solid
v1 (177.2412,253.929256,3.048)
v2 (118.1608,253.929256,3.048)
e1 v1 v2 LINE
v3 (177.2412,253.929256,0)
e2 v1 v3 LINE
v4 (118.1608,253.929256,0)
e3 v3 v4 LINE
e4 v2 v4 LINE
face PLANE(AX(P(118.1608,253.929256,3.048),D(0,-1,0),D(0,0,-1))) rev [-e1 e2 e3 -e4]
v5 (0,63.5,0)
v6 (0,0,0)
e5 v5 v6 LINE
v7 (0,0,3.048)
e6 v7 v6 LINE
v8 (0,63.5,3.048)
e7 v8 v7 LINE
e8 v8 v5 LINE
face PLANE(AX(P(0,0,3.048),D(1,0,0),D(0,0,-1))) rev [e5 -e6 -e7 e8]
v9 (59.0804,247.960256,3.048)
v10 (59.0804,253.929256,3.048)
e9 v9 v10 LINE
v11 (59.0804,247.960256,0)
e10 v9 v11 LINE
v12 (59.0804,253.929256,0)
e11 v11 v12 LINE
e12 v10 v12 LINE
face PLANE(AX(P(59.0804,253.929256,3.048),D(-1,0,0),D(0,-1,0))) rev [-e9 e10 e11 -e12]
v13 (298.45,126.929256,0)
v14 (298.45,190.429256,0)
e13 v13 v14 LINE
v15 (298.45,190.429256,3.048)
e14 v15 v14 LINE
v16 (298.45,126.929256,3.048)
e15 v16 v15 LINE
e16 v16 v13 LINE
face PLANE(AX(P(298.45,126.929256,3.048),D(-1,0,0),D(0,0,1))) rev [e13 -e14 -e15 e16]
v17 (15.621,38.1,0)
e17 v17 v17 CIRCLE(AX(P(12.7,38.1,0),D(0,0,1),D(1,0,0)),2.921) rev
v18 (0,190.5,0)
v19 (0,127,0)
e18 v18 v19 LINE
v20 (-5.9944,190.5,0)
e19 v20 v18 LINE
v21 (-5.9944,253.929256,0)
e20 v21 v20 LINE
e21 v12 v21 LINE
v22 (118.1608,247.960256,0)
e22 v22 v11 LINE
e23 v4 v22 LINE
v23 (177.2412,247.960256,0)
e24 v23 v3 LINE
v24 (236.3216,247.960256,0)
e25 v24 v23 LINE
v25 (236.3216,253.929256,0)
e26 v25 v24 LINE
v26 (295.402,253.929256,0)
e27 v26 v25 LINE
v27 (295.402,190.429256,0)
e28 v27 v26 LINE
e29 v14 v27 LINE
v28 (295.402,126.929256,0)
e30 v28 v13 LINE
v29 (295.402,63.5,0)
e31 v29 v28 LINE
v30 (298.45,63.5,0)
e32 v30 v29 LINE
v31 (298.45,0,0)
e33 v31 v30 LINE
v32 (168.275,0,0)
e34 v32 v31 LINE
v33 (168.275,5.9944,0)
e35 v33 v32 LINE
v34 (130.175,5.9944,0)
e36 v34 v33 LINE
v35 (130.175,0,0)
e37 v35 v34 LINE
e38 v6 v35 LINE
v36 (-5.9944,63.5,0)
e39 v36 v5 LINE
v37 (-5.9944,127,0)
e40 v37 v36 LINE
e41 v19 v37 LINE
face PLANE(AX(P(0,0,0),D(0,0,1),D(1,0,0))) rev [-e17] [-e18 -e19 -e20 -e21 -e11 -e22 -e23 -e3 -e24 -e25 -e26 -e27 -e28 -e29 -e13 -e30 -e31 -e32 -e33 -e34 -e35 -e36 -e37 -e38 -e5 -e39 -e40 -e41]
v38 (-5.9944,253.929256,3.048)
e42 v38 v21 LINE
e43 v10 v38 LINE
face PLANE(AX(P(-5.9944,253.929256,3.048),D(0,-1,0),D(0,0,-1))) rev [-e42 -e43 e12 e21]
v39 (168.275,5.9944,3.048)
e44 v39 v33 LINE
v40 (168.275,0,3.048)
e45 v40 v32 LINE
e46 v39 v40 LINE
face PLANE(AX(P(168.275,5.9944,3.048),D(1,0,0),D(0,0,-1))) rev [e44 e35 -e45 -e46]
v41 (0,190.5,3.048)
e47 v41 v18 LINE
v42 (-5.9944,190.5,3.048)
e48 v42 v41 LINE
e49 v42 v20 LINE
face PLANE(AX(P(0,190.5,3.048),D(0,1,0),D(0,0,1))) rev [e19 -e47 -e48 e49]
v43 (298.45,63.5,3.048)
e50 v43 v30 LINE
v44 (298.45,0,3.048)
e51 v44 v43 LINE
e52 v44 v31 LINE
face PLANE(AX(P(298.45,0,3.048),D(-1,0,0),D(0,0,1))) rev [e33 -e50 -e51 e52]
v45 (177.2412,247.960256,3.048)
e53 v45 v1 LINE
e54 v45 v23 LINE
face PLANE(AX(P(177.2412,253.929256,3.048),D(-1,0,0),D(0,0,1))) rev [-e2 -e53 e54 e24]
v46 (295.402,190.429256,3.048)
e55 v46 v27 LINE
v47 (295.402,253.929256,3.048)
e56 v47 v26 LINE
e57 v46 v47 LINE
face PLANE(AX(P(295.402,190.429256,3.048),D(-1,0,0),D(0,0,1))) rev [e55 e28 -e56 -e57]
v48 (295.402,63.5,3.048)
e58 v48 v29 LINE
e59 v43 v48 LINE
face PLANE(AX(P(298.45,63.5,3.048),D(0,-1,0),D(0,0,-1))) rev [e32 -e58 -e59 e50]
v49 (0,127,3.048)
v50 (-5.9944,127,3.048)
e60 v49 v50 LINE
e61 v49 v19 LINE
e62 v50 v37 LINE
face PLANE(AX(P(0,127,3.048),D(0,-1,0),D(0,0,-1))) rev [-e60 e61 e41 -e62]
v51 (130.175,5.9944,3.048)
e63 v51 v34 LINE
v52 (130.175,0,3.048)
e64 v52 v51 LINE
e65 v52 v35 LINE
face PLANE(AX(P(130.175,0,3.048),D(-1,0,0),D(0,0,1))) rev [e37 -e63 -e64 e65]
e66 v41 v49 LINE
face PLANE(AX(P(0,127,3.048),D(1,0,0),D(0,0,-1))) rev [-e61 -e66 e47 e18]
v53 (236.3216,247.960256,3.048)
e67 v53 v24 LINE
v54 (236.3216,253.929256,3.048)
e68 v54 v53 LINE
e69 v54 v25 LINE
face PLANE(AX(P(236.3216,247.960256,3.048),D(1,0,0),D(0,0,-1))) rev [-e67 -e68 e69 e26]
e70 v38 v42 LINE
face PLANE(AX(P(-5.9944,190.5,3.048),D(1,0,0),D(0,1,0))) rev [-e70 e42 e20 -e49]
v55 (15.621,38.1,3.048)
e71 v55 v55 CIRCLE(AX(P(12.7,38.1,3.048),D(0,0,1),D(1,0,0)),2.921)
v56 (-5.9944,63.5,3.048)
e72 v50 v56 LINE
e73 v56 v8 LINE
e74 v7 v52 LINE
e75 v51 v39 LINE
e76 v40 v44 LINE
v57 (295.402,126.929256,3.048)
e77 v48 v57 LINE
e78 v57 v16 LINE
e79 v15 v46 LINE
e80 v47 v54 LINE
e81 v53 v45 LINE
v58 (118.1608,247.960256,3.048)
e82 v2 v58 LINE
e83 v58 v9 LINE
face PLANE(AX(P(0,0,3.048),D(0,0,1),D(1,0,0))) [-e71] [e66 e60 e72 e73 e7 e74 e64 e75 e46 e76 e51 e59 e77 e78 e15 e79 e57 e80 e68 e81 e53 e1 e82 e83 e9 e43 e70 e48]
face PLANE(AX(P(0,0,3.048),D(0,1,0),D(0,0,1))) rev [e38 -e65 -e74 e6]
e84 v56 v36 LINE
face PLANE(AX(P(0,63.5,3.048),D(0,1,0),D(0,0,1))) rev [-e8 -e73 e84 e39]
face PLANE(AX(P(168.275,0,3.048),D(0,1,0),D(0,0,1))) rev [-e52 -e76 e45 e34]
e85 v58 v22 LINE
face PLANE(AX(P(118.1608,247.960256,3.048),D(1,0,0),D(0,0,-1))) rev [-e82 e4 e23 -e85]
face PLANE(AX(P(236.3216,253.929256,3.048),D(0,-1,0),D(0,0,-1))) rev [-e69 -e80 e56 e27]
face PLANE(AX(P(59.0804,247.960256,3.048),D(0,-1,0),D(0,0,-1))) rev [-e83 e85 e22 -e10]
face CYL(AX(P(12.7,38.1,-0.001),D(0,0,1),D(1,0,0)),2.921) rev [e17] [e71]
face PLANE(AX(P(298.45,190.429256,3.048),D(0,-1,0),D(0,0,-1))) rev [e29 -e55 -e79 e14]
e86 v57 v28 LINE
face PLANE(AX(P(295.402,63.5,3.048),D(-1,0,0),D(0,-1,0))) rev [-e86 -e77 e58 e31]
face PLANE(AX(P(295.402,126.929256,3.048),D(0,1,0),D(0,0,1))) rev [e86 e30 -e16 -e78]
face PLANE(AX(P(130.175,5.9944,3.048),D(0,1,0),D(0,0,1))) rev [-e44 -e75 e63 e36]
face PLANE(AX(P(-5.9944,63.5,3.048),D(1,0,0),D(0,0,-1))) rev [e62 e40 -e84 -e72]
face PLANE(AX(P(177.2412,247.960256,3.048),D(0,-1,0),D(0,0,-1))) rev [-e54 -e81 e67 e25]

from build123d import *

# Parameters (mm, degrees)
BOSS_EXTRUDE1_DEPTH = 3.048
CUT_EXTRUDE1_REACH  = 5.048
SKETCH2_R           = 2.921


with BuildPart() as part:
    # Sketch1 → Boss-Extrude1 (new body)
    with BuildSketch(Plane.XY):
        Polygon((130.175, 0), (130.175, 5.9944), (168.275, 5.9944), (168.275, 0), (298.45, 0), (298.45, 63.5), (295.402, 63.5), (295.402, 126.929256228), (298.45, 126.929256228), (298.45, 190.429256228), (295.402, 190.429256228), (295.402, 253.929256228), (236.3216, 253.929256228), (236.3216, 247.960256228), (177.2412, 247.960256228), (177.2412, 253.929256228), (118.1608, 253.929256228), (118.1608, 247.960256228), (59.0804, 247.960256228), (59.0804, 253.929256228), (-5.9944, 253.929256228), (-5.9944, 190.5), (0, 190.5), (0, 127), (-5.9944, 127), (-5.9944, 63.5), (0, 63.5), (0, 0), align=None)
    extrude(amount=BOSS_EXTRUDE1_DEPTH)

    # Sketch2 → Cut-Extrude1 (cut, up to next)
    with BuildSketch(Plane.XY.offset(3.048), mode=Mode.PRIVATE) as cut_extrude1_sk1:
        with Locations((12.7, 38.1)):
            Circle(SKETCH2_R)
    cut_extrude1_tool1 = extrude(cut_extrude1_sk1.sketch, amount=-CUT_EXTRUDE1_REACH, mode=Mode.PRIVATE) & part.part
    add(cut_extrude1_tool1.solids().sort_by_distance((12.7, 38.1, 3.048))[0], mode=Mode.SUBTRACT)


solid = part.part
